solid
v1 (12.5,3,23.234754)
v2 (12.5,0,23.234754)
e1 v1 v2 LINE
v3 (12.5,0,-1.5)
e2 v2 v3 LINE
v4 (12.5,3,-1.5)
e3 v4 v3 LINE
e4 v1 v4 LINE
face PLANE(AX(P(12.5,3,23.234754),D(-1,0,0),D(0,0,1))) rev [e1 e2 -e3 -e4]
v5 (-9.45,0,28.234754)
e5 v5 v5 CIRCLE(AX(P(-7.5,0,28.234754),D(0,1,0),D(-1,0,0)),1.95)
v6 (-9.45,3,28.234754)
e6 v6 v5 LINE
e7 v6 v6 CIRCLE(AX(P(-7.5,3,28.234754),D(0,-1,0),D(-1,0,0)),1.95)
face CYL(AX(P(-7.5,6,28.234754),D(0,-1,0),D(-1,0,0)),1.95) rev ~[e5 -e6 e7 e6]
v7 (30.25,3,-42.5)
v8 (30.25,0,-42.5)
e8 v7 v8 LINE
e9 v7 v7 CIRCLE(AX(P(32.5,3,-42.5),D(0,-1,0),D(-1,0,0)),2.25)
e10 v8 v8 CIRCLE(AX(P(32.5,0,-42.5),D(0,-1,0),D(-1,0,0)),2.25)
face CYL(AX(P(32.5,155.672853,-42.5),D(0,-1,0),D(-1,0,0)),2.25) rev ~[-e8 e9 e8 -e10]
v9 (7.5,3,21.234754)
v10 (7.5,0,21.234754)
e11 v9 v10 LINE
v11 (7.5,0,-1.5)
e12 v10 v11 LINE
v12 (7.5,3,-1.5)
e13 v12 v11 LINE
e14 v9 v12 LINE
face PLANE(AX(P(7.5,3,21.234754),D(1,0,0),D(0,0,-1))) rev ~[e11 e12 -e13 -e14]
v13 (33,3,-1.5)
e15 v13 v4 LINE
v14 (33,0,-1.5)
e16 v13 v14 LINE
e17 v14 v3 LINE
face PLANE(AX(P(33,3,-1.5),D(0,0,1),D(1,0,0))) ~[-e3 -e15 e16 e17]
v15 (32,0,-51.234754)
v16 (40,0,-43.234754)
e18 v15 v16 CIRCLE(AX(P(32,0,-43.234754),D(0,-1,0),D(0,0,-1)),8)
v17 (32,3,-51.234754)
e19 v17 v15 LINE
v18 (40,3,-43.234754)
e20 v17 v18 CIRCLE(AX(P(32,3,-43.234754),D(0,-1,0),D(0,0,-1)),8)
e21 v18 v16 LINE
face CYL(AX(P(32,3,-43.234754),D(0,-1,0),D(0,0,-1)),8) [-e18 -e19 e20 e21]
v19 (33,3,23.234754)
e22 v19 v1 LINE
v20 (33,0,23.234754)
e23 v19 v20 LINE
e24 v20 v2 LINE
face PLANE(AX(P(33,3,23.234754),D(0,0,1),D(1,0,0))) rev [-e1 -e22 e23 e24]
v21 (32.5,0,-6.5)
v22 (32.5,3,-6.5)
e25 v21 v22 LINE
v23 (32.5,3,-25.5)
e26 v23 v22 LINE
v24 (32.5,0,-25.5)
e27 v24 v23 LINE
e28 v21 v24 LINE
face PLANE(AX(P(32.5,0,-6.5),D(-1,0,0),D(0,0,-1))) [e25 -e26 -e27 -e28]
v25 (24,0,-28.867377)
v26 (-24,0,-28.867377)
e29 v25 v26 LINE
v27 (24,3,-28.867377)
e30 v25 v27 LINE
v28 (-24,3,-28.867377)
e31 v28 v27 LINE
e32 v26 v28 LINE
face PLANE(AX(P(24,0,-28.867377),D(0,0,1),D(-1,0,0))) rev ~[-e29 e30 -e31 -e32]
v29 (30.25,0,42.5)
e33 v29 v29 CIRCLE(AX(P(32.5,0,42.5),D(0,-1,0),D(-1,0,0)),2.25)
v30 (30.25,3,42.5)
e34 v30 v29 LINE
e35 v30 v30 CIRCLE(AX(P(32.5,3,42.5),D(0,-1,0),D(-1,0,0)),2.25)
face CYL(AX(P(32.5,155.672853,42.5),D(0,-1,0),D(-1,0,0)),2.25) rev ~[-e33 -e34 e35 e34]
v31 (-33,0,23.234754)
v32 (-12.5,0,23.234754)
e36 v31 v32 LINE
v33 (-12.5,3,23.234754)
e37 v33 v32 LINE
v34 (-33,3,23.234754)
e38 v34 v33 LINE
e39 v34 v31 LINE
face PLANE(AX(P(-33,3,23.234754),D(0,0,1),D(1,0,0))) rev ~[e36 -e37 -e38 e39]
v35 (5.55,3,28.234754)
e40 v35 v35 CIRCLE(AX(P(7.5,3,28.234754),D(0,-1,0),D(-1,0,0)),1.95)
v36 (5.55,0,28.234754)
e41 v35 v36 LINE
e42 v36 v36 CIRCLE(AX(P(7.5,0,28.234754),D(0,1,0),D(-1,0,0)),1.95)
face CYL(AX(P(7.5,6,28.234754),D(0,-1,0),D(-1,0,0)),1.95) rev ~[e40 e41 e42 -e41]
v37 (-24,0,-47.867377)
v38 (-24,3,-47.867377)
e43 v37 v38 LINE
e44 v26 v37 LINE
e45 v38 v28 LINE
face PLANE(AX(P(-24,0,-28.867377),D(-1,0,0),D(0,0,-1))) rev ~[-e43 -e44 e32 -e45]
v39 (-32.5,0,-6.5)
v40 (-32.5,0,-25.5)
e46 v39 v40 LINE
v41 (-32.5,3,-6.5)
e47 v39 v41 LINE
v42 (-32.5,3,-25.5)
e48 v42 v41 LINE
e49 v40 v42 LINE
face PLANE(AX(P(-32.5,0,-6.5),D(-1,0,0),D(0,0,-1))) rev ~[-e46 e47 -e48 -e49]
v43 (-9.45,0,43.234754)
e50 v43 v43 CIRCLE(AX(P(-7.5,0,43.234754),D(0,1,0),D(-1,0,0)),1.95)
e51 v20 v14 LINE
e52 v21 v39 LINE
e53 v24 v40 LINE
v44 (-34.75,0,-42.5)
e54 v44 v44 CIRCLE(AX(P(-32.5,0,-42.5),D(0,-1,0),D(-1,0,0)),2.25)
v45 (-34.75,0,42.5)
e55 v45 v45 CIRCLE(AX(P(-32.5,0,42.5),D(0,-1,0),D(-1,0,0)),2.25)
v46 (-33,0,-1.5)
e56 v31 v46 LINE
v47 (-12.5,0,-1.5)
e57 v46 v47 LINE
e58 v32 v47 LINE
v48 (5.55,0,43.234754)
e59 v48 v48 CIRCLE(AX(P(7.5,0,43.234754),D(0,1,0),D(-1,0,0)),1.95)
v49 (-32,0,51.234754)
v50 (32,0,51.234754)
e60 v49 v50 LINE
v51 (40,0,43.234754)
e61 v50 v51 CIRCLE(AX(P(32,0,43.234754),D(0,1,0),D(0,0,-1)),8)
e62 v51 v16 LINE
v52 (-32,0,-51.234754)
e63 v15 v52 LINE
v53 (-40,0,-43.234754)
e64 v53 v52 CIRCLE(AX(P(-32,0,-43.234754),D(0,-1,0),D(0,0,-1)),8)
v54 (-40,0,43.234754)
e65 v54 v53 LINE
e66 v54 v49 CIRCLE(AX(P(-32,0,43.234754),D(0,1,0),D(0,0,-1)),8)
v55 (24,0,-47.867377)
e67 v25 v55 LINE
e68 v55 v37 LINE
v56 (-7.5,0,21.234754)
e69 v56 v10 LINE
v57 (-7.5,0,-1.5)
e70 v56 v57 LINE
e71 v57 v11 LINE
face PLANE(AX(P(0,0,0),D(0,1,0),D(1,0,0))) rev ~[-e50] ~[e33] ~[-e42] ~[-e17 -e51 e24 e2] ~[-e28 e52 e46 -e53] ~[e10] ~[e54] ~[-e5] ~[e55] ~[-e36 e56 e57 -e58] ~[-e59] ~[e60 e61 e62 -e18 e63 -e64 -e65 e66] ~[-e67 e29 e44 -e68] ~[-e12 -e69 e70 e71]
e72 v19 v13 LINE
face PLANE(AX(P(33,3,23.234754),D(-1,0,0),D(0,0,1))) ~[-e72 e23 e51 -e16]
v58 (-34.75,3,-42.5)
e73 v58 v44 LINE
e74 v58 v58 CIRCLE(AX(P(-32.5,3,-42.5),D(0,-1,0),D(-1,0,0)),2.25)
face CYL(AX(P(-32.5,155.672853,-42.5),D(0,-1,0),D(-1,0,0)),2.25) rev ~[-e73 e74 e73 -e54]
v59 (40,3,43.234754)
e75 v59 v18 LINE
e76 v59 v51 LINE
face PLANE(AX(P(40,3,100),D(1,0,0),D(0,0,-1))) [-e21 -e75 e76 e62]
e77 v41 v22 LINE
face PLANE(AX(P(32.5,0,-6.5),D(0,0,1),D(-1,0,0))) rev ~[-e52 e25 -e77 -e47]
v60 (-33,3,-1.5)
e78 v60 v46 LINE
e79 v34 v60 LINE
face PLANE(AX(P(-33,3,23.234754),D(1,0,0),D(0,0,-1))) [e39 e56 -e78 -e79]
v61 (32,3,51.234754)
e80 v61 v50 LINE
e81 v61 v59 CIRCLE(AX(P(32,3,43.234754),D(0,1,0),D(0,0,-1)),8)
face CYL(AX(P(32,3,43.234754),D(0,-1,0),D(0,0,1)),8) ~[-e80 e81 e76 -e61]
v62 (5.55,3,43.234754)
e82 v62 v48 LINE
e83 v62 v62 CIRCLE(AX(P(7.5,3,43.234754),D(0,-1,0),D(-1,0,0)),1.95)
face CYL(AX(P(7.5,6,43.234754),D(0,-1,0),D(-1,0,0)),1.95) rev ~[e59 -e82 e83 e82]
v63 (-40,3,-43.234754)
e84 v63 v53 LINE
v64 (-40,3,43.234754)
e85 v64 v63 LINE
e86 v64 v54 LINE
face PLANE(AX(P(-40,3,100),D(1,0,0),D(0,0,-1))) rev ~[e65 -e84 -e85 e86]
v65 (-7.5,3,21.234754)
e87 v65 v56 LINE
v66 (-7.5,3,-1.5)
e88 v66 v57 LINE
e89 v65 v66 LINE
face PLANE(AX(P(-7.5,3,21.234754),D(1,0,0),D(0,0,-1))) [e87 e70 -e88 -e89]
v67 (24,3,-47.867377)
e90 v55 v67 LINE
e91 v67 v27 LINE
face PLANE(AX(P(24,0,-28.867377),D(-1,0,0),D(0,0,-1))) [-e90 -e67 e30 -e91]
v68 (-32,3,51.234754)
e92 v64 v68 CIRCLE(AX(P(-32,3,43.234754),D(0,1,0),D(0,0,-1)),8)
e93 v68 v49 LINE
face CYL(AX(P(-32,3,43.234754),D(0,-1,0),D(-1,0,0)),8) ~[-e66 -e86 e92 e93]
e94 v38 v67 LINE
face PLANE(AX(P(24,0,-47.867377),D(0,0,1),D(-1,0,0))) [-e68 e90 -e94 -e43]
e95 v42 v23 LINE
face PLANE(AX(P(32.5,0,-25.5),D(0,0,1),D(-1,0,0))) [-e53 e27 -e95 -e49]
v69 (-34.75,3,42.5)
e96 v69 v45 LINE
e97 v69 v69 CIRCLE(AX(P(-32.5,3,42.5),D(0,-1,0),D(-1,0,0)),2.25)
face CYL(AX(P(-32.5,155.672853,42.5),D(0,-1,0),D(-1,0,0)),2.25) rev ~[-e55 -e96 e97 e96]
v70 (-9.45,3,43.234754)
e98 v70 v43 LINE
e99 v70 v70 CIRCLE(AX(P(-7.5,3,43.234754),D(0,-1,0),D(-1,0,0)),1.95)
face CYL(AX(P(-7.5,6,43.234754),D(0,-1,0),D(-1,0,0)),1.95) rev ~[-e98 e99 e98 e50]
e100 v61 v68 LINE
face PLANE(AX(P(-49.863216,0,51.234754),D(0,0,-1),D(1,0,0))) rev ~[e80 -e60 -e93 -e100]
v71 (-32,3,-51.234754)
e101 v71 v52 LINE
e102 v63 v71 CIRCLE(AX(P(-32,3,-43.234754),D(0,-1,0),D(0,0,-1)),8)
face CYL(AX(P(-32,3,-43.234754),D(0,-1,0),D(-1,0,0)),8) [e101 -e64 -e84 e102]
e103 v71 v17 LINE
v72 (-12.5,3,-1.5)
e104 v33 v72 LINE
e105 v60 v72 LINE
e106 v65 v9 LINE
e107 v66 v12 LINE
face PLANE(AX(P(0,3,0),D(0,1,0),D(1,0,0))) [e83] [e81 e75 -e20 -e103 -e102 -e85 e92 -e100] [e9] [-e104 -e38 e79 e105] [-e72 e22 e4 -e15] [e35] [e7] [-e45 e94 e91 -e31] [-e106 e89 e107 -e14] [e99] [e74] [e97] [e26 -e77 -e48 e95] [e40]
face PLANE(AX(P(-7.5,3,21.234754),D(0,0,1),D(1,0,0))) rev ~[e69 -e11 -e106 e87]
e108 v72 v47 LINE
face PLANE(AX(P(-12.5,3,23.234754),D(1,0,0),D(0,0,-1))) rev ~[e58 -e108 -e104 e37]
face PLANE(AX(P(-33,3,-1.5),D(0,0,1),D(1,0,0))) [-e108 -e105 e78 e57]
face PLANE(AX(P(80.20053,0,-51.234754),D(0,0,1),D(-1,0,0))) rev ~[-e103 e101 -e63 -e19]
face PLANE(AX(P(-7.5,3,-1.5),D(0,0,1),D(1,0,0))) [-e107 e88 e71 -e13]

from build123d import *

# Parameters (mm, degrees)
ESQUISSE1_R             = 65
DISQUE_DEPTH            = 3
ESQUISSE3_W             = 30.466369815
ESQUISSE3_H             = 200
COT_S_DEPTH             = 4
D_GAGEMENT_M42_D        = 4.5
ESQUISSE15_W            = 89.863216067
ESQUISSE15_H            = 32.096215679
ENL_V_MAT_EXTRU_1_DEPTH = 4
EMPLACEMENT_COMPOS_W    = 48
EMPLACEMENT_COMPOS_H    = 19
EMPLACEMENT_COMPOS_W_2  = 65
EMPLACEMENT_COMPOS_W_3  = 120.200529509
EMPLACEMENT_COMPOS_H_2  = 30.626013932
ENL_V_MAT_EXTRU_2_DEPTH = 4
CONG_1_R                = 8
D_GAGEMENT_M3_51_D      = 3.9
D_GAGEMENT_M3_51_DEPTH  = 3
D_GAGEMENT_M3_51_TIP    = 1.171678207
ESQUISSE19_W            = 20.5
ESQUISSE19_H            = 24.73475383
ENL_V_MAT_EXTRU_3_DEPTH = 4
ESQUISSE22_W            = 15
ESQUISSE22_H            = 22.73475383
ENL_V_MAT_EXTRU_4_DEPTH = 4


with BuildPart() as part:
    # Esquisse1 → disque (new body)
    with BuildSketch(Plane(origin=(0, 0, 0), x_dir=(1, 0, 0), z_dir=(0, 1, 0))):
        Circle(ESQUISSE1_R)
    extrude(amount=DISQUE_DEPTH)

    # Esquisse3 → cotés (cut, through all)
    with BuildSketch(Plane(origin=(0, 3, 0), x_dir=(1, 0, 0), z_dir=(0, 1, 0))):
        with Locations((-55.233184908, 0)):
            Rectangle(ESQUISSE3_W, ESQUISSE3_H)
        with Locations((55.233184908, 0)):
            Rectangle(ESQUISSE3_W, ESQUISSE3_H)
    extrude(amount=-COT_S_DEPTH, mode=Mode.SUBTRACT)

    # Dégagement M42 (through all)
    with Locations(Plane(origin=(0, 3, 0), x_dir=(1, 0, 0), z_dir=(0, 1, 0))):
        with Locations((-32.5, 42.5), (32.5, 42.5), (32.5, -42.5), (-32.5, -42.5)):
            Hole(D_GAGEMENT_M42_D / 2)

    # Esquisse15 → Enlèv. mat.-Extru.1 (cut, through all)
    with BuildSketch(Plane.XZ):
        with Locations((-4.931608034, 67.282861669)):
            Rectangle(ESQUISSE15_W, ESQUISSE15_H)
    extrude(amount=-ENL_V_MAT_EXTRU_1_DEPTH, mode=Mode.SUBTRACT)

    # emplacement compos → Enlèv. mat.-Extru.2 (cut, through all)
    with BuildSketch(Plane(origin=(0, 0, 0), x_dir=(-1, 0, 0), z_dir=(0, -1, 0))):
        with Locations((0, 38.367376915)):
            Rectangle(EMPLACEMENT_COMPOS_W, EMPLACEMENT_COMPOS_H)
        with Locations((0, 16)):
            Rectangle(EMPLACEMENT_COMPOS_W_2, EMPLACEMENT_COMPOS_H)
        with Locations((-20.100264755, 66.547760796)):
            Rectangle(EMPLACEMENT_COMPOS_W_3, EMPLACEMENT_COMPOS_H_2)
    extrude(amount=-ENL_V_MAT_EXTRU_2_DEPTH, mode=Mode.SUBTRACT)

    # Congé1
    cong_1_edges = [part.edges().sort_by_distance(p)[0] for p in [
        (40, 1.5, -51.23475383),
        (40, 1.5, 51.23475383),
        (-40, 1.5, 51.23475383),
        (-40, 1.5, -51.23475383),
    ]]
    fillet(cong_1_edges, radius=CONG_1_R)

    # Dégagement M3.51
    with Locations(Plane(origin=(0, 3, 0), x_dir=(1, 0, 0), z_dir=(0, 1, 0))):
        with Locations((-7.5, -28.23475383), (7.5, -28.23475383), (7.5, -43.23475383), (-7.5, -43.23475383)):
            Hole(D_GAGEMENT_M3_51_D / 2, depth=D_GAGEMENT_M3_51_DEPTH)
            with Locations((0, 0, -(D_GAGEMENT_M3_51_DEPTH + D_GAGEMENT_M3_51_TIP / 2))):  # 118° drill point
                Cone(0, D_GAGEMENT_M3_51_D / 2, D_GAGEMENT_M3_51_TIP, mode=Mode.SUBTRACT)

    # Esquisse19 → Enlèv. mat.-Extru.3 (cut, through all)
    with BuildSketch(Plane(origin=(0, 3, 0), x_dir=(1, 0, 0), z_dir=(0, 1, 0))):
        with Locations((-22.75, -10.867376915)):
            Rectangle(ESQUISSE19_W, ESQUISSE19_H)
    enl_v_mat_extru_3 = extrude(amount=-ENL_V_MAT_EXTRU_3_DEPTH, mode=Mode.SUBTRACT)

    # Symétrie1: Enlèv. mat.-Extru.3 across plane
    add(enl_v_mat_extru_3.mirror(Plane.ZY), mode=Mode.SUBTRACT)

    # Esquisse22 → Enlèv. mat.-Extru.4 (cut, through all)
    with BuildSketch(Plane(origin=(0, 3, 0), x_dir=(1, 0, 0), z_dir=(0, 1, 0))):
        with Locations((0, -9.867376915)):
            Rectangle(ESQUISSE22_W, ESQUISSE22_H)
    extrude(amount=-ENL_V_MAT_EXTRU_4_DEPTH, mode=Mode.SUBTRACT)


solid = part.part
